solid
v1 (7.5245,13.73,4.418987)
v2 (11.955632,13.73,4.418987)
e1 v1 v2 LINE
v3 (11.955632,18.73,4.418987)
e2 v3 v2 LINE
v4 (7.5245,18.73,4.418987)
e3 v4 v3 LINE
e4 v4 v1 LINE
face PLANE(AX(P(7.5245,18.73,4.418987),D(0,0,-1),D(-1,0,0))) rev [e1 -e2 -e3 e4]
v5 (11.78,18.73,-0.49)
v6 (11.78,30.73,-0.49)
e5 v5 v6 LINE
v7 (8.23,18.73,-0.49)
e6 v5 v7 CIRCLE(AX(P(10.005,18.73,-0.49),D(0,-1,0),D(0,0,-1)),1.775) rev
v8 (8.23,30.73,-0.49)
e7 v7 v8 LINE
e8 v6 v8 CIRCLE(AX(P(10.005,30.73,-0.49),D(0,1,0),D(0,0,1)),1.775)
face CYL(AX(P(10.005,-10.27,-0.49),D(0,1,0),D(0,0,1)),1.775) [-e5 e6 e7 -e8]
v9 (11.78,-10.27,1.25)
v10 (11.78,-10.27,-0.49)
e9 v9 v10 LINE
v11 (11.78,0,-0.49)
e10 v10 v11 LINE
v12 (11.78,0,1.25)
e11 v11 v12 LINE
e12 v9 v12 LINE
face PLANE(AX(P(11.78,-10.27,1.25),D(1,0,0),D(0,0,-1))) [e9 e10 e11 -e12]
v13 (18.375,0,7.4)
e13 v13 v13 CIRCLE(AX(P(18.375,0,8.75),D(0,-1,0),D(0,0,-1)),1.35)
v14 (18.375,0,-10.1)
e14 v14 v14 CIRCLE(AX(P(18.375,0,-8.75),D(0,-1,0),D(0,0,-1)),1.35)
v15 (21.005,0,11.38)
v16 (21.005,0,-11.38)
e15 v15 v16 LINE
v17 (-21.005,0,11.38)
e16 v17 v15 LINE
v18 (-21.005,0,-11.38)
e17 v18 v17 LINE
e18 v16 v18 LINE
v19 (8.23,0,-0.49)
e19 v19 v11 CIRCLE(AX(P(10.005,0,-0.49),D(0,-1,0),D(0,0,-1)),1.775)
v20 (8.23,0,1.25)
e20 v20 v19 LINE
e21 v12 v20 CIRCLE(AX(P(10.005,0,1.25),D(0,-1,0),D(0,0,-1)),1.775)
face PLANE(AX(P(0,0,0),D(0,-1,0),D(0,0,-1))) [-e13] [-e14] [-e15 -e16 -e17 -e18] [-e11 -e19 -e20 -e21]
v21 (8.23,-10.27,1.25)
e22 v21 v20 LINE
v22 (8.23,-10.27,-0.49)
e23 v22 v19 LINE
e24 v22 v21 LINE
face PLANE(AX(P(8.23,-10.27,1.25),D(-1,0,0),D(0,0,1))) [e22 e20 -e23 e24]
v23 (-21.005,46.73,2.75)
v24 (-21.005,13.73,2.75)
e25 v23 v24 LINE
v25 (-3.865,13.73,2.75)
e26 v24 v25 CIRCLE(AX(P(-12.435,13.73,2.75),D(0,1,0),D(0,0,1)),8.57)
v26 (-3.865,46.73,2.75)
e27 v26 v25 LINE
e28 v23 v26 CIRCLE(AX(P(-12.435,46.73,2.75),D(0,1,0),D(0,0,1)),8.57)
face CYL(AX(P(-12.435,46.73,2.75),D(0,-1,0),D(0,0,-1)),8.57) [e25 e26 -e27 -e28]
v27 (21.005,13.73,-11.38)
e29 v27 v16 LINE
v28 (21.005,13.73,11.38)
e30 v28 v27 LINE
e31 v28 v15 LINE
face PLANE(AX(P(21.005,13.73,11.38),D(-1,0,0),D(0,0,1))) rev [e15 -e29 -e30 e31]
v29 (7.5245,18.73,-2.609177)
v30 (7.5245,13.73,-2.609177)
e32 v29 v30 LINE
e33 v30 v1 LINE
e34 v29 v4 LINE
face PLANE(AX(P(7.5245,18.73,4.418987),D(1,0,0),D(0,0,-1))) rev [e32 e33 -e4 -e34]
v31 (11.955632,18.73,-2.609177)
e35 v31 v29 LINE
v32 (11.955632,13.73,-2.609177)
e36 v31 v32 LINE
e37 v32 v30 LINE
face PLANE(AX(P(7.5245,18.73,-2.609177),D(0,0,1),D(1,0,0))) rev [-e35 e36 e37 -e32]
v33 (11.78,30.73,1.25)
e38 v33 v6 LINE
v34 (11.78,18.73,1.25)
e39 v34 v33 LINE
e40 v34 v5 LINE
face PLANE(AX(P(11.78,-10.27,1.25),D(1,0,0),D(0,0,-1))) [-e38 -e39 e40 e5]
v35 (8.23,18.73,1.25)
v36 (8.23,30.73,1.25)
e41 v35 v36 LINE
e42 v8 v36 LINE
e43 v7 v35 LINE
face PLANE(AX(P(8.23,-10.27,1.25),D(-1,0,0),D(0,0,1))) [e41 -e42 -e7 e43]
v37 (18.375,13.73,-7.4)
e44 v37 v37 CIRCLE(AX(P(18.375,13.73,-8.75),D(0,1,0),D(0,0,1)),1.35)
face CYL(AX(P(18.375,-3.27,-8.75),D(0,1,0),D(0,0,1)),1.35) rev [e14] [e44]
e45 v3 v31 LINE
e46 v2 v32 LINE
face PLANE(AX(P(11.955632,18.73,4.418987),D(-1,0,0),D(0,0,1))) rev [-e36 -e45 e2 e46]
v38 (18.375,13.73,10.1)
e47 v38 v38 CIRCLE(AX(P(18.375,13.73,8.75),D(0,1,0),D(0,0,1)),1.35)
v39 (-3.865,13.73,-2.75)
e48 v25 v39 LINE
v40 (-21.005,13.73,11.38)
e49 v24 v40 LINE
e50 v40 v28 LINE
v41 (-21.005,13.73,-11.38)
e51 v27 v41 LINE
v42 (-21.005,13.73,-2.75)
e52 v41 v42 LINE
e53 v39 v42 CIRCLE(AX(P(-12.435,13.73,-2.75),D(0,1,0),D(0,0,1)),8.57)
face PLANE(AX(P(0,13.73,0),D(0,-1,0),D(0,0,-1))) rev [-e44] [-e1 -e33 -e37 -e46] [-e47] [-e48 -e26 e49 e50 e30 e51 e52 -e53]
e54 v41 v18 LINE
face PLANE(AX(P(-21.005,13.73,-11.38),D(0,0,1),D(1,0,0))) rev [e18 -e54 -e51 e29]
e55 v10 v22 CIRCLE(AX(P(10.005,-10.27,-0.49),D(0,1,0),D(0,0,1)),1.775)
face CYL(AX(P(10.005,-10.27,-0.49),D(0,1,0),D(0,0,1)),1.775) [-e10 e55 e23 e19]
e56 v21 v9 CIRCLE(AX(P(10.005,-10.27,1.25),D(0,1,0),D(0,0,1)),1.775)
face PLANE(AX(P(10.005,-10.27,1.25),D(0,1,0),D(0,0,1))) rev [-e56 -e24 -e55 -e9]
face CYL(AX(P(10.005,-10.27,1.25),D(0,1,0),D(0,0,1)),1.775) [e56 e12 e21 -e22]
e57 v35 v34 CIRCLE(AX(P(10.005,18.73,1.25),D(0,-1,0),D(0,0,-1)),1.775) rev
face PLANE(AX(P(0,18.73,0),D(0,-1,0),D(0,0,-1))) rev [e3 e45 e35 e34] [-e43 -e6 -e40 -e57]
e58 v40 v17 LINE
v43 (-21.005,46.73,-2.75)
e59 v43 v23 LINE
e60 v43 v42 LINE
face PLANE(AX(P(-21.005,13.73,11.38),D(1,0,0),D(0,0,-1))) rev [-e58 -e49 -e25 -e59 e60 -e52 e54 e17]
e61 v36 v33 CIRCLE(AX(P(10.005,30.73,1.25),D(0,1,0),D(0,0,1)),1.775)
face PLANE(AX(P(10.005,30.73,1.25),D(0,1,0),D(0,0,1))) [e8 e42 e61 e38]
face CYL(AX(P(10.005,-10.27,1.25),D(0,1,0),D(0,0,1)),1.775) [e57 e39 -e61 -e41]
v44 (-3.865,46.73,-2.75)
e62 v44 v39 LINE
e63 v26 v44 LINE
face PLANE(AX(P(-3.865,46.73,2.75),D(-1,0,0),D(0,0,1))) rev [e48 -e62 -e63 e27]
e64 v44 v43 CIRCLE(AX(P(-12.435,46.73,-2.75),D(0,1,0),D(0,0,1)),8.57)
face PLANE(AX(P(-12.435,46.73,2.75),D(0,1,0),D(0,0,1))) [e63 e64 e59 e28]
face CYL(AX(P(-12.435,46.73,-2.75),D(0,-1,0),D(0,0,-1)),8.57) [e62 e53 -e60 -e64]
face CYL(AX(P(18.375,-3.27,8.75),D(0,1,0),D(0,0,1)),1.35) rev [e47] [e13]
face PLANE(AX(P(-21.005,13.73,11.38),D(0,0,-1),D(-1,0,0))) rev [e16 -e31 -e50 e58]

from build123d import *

# Parameters (mm, degrees)
SKETCH1_W                = 42.01
SKETCH1_H                = 22.76
BOSS_EXTRUDE1_DEPTH      = 13.73
BOSS_EXTRUDE2_DEPTH      = 33
BOSS_EXTRUDE3_DEPTH      = 17
BOSS_EXTRUDE3_DEPTH_BACK = 24
SKETCH4_R                = 1.35
CUT_EXTRUDE1_DEPTH       = 17
SKETCH5_W                = 4.431132328
SKETCH5_H                = 7.028163836
BOSS_EXTRUDE4_DEPTH      = 5


with BuildPart() as part:
    # Sketch1 → Boss-Extrude1 (new body)
    with BuildSketch(Plane(origin=(0, 0, 0), x_dir=(1, 0, 0), z_dir=(0, 1, 0))):
        Rectangle(SKETCH1_W, SKETCH1_H)
    extrude(amount=BOSS_EXTRUDE1_DEPTH)

    # Sketch2 → Boss-Extrude2 (add)
    with BuildSketch(Plane(origin=(0, 13.73, 0), x_dir=(1, 0, 0), z_dir=(0, 1, 0))):
        with BuildLine():
            Line((-21.005, -2.75), (-21.005, 2.75))
            ThreePointArc((-21.005, 2.75), (-12.435, 11.32), (-3.865, 2.75))
            Line((-3.865, 2.75), (-3.865, -2.75))
            ThreePointArc((-3.865, -2.75), (-12.435, -11.32), (-21.005, -2.75))
        make_face()
    extrude(amount=BOSS_EXTRUDE2_DEPTH)

    # Sketch3 → Boss-Extrude3 (add, two sides: drawn at the far end of the back side and taken through both)
    with BuildSketch(Plane(origin=(0, 13.73, 0), x_dir=(1, 0, 0), z_dir=(0, 1, 0)).offset(-BOSS_EXTRUDE3_DEPTH_BACK)):
        with BuildLine():
            Line((8.23, -1.25), (8.23, 0.49))
            ThreePointArc((8.23, 0.49), (10.005, 2.265), (11.78, 0.49))
            Line((11.78, 0.49), (11.78, -1.25))
            ThreePointArc((11.78, -1.25), (10.005, -3.025), (8.23, -1.25))
        make_face()
    extrude(amount=BOSS_EXTRUDE3_DEPTH + BOSS_EXTRUDE3_DEPTH_BACK)

    # Sketch4 → Cut-Extrude1 (cut)
    with BuildSketch(Plane(origin=(0, 13.73, 0), x_dir=(1, 0, 0), z_dir=(0, 1, 0))):
        with Locations(Location((18.375, 8.75, 0), (0, 0, 270))):
            Circle(SKETCH4_R)
        with Locations(Location((18.375, -8.75, 0), (0, 0, 270))):
            Circle(SKETCH4_R)
    extrude(amount=-CUT_EXTRUDE1_DEPTH, mode=Mode.SUBTRACT)

    # Sketch5 → Boss-Extrude4 (add)
    with BuildSketch(Plane(origin=(0, 13.73, 0), x_dir=(1, 0, 0), z_dir=(0, 1, 0))):
        with Locations((9.740065893, -0.904904843)):
            Rectangle(SKETCH5_W, SKETCH5_H)
    extrude(amount=BOSS_EXTRUDE4_DEPTH)


solid = part.part
